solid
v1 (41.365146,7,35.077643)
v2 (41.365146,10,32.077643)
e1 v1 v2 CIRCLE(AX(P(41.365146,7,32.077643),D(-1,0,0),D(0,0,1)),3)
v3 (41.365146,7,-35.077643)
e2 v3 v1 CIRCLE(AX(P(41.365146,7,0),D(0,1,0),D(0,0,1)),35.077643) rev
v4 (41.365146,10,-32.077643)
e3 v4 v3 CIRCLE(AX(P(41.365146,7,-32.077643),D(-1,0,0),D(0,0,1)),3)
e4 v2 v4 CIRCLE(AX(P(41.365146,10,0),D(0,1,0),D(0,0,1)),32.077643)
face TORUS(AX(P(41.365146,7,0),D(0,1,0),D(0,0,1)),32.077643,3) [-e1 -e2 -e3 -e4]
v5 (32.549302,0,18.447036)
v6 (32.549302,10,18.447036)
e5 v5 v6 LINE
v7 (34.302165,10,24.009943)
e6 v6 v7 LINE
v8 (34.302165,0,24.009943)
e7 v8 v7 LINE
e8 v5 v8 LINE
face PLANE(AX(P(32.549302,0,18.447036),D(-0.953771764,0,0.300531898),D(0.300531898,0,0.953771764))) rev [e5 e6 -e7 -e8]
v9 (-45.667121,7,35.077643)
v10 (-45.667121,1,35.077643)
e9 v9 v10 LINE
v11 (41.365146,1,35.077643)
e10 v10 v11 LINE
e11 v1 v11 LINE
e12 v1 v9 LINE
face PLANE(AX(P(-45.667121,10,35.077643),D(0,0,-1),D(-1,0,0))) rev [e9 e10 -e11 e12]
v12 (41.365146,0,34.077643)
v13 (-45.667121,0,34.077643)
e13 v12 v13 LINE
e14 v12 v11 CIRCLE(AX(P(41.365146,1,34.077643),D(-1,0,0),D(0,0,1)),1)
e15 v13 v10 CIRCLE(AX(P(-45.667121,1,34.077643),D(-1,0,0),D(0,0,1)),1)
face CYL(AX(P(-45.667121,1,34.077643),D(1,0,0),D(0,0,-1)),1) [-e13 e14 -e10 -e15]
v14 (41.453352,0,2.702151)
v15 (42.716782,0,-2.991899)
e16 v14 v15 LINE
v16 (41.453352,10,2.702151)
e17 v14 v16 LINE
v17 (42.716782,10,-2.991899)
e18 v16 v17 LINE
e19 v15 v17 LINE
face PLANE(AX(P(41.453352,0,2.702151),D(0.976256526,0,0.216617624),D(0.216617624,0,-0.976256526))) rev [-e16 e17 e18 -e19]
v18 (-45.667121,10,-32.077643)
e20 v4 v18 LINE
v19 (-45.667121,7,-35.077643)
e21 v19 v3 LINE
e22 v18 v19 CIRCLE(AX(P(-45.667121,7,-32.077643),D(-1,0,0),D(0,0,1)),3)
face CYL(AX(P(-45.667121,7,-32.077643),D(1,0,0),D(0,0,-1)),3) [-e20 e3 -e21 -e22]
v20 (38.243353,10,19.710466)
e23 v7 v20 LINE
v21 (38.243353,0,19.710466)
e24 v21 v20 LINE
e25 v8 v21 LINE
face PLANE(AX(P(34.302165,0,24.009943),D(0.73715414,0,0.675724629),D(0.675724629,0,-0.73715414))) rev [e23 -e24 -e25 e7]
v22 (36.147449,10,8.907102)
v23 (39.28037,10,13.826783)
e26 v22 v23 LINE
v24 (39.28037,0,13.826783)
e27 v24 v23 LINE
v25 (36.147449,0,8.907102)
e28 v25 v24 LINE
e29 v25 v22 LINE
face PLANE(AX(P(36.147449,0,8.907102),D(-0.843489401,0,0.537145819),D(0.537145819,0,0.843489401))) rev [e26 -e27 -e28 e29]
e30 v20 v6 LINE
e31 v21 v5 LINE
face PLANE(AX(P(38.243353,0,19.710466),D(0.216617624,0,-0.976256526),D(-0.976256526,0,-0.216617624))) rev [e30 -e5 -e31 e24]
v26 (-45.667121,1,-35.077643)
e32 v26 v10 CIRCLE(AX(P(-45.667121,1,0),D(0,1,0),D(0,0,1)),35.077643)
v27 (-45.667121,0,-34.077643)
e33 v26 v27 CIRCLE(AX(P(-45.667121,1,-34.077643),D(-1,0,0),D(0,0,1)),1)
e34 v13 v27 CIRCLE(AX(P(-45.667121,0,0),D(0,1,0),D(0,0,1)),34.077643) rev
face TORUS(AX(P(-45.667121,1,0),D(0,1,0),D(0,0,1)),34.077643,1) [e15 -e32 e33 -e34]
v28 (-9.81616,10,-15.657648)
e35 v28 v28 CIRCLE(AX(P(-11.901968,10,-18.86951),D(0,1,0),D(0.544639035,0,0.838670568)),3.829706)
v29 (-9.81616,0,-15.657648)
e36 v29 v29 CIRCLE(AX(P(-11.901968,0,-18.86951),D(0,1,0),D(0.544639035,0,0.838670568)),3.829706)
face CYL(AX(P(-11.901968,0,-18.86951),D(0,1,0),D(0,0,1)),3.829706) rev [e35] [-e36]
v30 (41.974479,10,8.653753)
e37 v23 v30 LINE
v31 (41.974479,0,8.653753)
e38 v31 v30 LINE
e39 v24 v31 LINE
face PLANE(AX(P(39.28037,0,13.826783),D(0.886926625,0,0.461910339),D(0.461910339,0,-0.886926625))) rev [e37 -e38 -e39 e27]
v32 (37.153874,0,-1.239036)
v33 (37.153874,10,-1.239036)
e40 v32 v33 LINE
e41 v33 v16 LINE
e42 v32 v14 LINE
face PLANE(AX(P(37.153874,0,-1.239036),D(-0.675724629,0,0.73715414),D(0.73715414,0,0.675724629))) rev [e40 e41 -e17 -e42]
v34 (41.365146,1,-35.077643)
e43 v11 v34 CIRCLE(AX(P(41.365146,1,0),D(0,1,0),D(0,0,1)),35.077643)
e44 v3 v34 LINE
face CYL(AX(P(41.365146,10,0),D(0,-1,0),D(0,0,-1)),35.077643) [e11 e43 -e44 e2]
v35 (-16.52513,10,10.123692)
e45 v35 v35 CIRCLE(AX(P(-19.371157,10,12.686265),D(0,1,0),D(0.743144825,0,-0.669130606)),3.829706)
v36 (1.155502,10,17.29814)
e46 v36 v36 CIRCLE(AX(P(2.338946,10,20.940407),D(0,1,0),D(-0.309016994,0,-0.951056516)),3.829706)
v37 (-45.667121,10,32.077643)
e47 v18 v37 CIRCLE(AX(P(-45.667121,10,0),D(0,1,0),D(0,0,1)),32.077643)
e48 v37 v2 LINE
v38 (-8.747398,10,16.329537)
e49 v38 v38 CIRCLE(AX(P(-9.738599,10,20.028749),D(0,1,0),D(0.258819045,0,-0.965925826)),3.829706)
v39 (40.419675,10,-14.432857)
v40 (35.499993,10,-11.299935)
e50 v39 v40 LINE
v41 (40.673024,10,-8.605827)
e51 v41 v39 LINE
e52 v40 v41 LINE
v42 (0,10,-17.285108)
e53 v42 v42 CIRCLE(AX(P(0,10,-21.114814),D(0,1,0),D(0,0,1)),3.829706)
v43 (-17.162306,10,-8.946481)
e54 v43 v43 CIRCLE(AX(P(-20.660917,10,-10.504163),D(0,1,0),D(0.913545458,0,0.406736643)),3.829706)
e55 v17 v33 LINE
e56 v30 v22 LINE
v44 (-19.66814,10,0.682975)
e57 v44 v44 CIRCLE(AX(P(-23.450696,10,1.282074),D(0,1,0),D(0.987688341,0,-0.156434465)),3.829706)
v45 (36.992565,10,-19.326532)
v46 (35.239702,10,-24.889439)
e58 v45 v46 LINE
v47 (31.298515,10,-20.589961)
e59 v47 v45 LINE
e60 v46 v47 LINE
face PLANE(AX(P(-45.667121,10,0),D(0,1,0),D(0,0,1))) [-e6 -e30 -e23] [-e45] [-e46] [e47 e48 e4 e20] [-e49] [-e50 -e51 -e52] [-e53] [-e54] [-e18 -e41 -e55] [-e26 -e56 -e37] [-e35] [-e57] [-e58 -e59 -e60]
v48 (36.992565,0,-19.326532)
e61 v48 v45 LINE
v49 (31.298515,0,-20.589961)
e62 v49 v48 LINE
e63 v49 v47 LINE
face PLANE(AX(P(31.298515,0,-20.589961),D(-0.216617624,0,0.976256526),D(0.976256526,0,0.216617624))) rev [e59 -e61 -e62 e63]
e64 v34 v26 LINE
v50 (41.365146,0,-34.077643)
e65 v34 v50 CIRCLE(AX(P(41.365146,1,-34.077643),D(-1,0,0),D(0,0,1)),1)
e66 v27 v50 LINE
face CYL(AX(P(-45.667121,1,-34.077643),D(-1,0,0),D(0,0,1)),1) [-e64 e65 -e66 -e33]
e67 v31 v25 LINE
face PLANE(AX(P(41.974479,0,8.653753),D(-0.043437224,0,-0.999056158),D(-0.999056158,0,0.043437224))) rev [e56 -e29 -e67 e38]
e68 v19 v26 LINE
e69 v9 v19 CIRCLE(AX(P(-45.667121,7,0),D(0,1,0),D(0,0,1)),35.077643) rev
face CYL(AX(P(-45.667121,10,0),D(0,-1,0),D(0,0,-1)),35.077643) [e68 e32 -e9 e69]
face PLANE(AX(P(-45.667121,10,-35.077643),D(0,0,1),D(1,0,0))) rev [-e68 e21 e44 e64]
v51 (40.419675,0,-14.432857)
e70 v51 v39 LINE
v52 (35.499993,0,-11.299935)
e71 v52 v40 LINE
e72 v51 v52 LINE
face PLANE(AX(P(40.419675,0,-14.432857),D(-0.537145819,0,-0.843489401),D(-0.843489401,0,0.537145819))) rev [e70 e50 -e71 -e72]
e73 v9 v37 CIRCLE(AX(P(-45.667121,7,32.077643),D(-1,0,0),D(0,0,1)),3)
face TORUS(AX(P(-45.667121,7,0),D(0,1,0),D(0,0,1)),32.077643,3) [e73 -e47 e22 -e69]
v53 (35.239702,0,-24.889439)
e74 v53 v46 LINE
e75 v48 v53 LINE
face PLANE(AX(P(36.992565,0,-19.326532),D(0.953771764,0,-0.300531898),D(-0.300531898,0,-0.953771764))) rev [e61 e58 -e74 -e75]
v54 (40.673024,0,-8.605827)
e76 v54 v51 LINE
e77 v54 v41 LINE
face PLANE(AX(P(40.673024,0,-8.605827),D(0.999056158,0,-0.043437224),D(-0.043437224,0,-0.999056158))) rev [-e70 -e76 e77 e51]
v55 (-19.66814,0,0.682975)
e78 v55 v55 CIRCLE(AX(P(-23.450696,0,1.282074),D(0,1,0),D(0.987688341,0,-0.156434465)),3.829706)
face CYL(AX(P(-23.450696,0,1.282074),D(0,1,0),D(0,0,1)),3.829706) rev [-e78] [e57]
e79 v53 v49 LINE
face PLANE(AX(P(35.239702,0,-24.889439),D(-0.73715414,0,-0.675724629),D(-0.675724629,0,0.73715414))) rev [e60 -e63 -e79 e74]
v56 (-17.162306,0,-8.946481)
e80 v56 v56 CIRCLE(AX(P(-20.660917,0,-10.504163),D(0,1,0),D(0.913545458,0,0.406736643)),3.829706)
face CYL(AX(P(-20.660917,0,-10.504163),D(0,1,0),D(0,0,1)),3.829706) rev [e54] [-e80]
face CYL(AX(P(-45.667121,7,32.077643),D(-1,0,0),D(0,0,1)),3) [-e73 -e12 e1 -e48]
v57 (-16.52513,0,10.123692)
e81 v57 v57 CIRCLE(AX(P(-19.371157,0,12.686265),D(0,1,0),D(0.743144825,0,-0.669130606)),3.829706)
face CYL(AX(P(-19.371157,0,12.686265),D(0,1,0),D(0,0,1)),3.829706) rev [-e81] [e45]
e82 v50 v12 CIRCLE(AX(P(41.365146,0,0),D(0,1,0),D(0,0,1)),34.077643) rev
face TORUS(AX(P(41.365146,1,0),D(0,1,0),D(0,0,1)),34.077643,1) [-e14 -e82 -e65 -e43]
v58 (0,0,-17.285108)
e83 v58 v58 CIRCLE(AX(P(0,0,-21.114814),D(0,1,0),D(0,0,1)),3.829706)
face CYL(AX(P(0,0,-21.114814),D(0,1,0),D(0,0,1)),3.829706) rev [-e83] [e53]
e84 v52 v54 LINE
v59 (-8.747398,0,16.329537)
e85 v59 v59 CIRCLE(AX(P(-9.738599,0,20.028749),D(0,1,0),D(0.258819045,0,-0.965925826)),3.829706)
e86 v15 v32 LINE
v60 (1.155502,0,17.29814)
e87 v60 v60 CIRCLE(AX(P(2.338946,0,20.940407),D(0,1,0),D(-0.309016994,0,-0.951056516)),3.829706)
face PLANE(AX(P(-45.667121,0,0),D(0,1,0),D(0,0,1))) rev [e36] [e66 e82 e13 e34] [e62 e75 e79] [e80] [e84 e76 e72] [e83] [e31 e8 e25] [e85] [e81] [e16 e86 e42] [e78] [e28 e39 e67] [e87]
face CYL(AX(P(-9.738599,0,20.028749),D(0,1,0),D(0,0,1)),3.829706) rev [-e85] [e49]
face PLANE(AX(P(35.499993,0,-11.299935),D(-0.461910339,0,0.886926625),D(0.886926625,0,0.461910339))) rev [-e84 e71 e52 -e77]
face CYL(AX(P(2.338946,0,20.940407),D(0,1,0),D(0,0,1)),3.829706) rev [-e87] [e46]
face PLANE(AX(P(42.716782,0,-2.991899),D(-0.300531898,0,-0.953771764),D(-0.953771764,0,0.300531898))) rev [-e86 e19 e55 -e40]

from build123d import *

# Parameters (mm, degrees)
BOSS_EXTRUDE1_DEPTH = 10
SKETCH2_R           = 3.829706391
CUT_EXTRUDE1_DEPTH  = 10
CIRPATTERN1_COUNT   = 7
CIRPATTERN1_ANGLE   = 198
CUT_EXTRUDE2_DEPTH  = 10
CIRPATTERN2_COUNT   = 5
CIRPATTERN2_ANGLE   = 60
FILLET1_R           = 3
FILLET2_R           = 1


with BuildPart() as part:
    # Sketch1 → Boss-Extrude1 (new body)
    with BuildSketch(Plane(origin=(0, 0, 0), x_dir=(1, 0, 0), z_dir=(0, 1, 0))):
        with BuildLine():
            Line((-45.667120744, 35.07764347), (41.365145602, 35.07764347))
            ThreePointArc((41.365145602, 35.07764347), (76.442789072, 0), (41.365145602, -35.07764347))
            Line((41.365145602, -35.07764347), (-45.667120744, -35.07764347))
            ThreePointArc((-45.667120744, -35.07764347), (-80.744764215, 0), (-45.667120744, 35.07764347))
        make_face()
    extrude(amount=BOSS_EXTRUDE1_DEPTH)

    # Sketch2 → Cut-Extrude1 (cut)
    with BuildSketch(Plane(origin=(0, 10, 0), x_dir=(1, 0, 0), z_dir=(0, 1, 0))):
        with Locations((0, 21.114814392)):
            Circle(SKETCH2_R)
    cut_extrude1 = extrude(amount=-CUT_EXTRUDE1_DEPTH, mode=Mode.SUBTRACT)

    # CirPattern1: Cut-Extrude1 ×7 about axis
    cirpattern1_axis = Axis((-2.160973251, 0, 0.098022779), (0, 1, 0))
    for i in range(1, CIRPATTERN1_COUNT):
        add(cut_extrude1.rotate(cirpattern1_axis, i * CIRPATTERN1_ANGLE / (CIRPATTERN1_COUNT - 1)), mode=Mode.SUBTRACT)

    # Sketch3 → Cut-Extrude2 (cut)
    with BuildSketch(Plane(origin=(0, 10, 0), x_dir=(1, 0, 0), z_dir=(0, 1, 0))):
        Polygon((36.992565085, 19.326531544), (35.239702282, 24.889438713), (31.298514755, 20.589961412), align=None)
    cut_extrude2 = extrude(amount=-CUT_EXTRUDE2_DEPTH, mode=Mode.SUBTRACT)

    # CirPattern2: Cut-Extrude2 ×5 about axis
    cirpattern2_axis = Axis((-1.883123212, 0, 0.01175113), (0, -1, 0))
    for i in range(1, CIRPATTERN2_COUNT):
        add(cut_extrude2.rotate(cirpattern2_axis, i * CIRPATTERN2_ANGLE / (CIRPATTERN2_COUNT - 1)), mode=Mode.SUBTRACT)

    # Fillet1
    fillet1_edges = [part.edges().sort_by_distance(p)[0] for p in [
        (76.442789072, 10, 0),
        (-2.150987571, 10, -35.07764347),
        (-80.744764215, 10, 0),
        (-2.150987571, 10, 35.07764347),
    ]]
    fillet(fillet1_edges, radius=FILLET1_R)

    # Fillet2
    fillet2_edges = [part.edges().sort_by_distance(p)[0] for p in [
        (-2.150987571, 0, -35.07764347),
        (76.442789072, 0, 0),
        (-2.150987571, 0, 35.07764347),
        (-80.744764215, 0, 0),
    ]]
    fillet(fillet2_edges, radius=FILLET2_R)


solid = part.part
